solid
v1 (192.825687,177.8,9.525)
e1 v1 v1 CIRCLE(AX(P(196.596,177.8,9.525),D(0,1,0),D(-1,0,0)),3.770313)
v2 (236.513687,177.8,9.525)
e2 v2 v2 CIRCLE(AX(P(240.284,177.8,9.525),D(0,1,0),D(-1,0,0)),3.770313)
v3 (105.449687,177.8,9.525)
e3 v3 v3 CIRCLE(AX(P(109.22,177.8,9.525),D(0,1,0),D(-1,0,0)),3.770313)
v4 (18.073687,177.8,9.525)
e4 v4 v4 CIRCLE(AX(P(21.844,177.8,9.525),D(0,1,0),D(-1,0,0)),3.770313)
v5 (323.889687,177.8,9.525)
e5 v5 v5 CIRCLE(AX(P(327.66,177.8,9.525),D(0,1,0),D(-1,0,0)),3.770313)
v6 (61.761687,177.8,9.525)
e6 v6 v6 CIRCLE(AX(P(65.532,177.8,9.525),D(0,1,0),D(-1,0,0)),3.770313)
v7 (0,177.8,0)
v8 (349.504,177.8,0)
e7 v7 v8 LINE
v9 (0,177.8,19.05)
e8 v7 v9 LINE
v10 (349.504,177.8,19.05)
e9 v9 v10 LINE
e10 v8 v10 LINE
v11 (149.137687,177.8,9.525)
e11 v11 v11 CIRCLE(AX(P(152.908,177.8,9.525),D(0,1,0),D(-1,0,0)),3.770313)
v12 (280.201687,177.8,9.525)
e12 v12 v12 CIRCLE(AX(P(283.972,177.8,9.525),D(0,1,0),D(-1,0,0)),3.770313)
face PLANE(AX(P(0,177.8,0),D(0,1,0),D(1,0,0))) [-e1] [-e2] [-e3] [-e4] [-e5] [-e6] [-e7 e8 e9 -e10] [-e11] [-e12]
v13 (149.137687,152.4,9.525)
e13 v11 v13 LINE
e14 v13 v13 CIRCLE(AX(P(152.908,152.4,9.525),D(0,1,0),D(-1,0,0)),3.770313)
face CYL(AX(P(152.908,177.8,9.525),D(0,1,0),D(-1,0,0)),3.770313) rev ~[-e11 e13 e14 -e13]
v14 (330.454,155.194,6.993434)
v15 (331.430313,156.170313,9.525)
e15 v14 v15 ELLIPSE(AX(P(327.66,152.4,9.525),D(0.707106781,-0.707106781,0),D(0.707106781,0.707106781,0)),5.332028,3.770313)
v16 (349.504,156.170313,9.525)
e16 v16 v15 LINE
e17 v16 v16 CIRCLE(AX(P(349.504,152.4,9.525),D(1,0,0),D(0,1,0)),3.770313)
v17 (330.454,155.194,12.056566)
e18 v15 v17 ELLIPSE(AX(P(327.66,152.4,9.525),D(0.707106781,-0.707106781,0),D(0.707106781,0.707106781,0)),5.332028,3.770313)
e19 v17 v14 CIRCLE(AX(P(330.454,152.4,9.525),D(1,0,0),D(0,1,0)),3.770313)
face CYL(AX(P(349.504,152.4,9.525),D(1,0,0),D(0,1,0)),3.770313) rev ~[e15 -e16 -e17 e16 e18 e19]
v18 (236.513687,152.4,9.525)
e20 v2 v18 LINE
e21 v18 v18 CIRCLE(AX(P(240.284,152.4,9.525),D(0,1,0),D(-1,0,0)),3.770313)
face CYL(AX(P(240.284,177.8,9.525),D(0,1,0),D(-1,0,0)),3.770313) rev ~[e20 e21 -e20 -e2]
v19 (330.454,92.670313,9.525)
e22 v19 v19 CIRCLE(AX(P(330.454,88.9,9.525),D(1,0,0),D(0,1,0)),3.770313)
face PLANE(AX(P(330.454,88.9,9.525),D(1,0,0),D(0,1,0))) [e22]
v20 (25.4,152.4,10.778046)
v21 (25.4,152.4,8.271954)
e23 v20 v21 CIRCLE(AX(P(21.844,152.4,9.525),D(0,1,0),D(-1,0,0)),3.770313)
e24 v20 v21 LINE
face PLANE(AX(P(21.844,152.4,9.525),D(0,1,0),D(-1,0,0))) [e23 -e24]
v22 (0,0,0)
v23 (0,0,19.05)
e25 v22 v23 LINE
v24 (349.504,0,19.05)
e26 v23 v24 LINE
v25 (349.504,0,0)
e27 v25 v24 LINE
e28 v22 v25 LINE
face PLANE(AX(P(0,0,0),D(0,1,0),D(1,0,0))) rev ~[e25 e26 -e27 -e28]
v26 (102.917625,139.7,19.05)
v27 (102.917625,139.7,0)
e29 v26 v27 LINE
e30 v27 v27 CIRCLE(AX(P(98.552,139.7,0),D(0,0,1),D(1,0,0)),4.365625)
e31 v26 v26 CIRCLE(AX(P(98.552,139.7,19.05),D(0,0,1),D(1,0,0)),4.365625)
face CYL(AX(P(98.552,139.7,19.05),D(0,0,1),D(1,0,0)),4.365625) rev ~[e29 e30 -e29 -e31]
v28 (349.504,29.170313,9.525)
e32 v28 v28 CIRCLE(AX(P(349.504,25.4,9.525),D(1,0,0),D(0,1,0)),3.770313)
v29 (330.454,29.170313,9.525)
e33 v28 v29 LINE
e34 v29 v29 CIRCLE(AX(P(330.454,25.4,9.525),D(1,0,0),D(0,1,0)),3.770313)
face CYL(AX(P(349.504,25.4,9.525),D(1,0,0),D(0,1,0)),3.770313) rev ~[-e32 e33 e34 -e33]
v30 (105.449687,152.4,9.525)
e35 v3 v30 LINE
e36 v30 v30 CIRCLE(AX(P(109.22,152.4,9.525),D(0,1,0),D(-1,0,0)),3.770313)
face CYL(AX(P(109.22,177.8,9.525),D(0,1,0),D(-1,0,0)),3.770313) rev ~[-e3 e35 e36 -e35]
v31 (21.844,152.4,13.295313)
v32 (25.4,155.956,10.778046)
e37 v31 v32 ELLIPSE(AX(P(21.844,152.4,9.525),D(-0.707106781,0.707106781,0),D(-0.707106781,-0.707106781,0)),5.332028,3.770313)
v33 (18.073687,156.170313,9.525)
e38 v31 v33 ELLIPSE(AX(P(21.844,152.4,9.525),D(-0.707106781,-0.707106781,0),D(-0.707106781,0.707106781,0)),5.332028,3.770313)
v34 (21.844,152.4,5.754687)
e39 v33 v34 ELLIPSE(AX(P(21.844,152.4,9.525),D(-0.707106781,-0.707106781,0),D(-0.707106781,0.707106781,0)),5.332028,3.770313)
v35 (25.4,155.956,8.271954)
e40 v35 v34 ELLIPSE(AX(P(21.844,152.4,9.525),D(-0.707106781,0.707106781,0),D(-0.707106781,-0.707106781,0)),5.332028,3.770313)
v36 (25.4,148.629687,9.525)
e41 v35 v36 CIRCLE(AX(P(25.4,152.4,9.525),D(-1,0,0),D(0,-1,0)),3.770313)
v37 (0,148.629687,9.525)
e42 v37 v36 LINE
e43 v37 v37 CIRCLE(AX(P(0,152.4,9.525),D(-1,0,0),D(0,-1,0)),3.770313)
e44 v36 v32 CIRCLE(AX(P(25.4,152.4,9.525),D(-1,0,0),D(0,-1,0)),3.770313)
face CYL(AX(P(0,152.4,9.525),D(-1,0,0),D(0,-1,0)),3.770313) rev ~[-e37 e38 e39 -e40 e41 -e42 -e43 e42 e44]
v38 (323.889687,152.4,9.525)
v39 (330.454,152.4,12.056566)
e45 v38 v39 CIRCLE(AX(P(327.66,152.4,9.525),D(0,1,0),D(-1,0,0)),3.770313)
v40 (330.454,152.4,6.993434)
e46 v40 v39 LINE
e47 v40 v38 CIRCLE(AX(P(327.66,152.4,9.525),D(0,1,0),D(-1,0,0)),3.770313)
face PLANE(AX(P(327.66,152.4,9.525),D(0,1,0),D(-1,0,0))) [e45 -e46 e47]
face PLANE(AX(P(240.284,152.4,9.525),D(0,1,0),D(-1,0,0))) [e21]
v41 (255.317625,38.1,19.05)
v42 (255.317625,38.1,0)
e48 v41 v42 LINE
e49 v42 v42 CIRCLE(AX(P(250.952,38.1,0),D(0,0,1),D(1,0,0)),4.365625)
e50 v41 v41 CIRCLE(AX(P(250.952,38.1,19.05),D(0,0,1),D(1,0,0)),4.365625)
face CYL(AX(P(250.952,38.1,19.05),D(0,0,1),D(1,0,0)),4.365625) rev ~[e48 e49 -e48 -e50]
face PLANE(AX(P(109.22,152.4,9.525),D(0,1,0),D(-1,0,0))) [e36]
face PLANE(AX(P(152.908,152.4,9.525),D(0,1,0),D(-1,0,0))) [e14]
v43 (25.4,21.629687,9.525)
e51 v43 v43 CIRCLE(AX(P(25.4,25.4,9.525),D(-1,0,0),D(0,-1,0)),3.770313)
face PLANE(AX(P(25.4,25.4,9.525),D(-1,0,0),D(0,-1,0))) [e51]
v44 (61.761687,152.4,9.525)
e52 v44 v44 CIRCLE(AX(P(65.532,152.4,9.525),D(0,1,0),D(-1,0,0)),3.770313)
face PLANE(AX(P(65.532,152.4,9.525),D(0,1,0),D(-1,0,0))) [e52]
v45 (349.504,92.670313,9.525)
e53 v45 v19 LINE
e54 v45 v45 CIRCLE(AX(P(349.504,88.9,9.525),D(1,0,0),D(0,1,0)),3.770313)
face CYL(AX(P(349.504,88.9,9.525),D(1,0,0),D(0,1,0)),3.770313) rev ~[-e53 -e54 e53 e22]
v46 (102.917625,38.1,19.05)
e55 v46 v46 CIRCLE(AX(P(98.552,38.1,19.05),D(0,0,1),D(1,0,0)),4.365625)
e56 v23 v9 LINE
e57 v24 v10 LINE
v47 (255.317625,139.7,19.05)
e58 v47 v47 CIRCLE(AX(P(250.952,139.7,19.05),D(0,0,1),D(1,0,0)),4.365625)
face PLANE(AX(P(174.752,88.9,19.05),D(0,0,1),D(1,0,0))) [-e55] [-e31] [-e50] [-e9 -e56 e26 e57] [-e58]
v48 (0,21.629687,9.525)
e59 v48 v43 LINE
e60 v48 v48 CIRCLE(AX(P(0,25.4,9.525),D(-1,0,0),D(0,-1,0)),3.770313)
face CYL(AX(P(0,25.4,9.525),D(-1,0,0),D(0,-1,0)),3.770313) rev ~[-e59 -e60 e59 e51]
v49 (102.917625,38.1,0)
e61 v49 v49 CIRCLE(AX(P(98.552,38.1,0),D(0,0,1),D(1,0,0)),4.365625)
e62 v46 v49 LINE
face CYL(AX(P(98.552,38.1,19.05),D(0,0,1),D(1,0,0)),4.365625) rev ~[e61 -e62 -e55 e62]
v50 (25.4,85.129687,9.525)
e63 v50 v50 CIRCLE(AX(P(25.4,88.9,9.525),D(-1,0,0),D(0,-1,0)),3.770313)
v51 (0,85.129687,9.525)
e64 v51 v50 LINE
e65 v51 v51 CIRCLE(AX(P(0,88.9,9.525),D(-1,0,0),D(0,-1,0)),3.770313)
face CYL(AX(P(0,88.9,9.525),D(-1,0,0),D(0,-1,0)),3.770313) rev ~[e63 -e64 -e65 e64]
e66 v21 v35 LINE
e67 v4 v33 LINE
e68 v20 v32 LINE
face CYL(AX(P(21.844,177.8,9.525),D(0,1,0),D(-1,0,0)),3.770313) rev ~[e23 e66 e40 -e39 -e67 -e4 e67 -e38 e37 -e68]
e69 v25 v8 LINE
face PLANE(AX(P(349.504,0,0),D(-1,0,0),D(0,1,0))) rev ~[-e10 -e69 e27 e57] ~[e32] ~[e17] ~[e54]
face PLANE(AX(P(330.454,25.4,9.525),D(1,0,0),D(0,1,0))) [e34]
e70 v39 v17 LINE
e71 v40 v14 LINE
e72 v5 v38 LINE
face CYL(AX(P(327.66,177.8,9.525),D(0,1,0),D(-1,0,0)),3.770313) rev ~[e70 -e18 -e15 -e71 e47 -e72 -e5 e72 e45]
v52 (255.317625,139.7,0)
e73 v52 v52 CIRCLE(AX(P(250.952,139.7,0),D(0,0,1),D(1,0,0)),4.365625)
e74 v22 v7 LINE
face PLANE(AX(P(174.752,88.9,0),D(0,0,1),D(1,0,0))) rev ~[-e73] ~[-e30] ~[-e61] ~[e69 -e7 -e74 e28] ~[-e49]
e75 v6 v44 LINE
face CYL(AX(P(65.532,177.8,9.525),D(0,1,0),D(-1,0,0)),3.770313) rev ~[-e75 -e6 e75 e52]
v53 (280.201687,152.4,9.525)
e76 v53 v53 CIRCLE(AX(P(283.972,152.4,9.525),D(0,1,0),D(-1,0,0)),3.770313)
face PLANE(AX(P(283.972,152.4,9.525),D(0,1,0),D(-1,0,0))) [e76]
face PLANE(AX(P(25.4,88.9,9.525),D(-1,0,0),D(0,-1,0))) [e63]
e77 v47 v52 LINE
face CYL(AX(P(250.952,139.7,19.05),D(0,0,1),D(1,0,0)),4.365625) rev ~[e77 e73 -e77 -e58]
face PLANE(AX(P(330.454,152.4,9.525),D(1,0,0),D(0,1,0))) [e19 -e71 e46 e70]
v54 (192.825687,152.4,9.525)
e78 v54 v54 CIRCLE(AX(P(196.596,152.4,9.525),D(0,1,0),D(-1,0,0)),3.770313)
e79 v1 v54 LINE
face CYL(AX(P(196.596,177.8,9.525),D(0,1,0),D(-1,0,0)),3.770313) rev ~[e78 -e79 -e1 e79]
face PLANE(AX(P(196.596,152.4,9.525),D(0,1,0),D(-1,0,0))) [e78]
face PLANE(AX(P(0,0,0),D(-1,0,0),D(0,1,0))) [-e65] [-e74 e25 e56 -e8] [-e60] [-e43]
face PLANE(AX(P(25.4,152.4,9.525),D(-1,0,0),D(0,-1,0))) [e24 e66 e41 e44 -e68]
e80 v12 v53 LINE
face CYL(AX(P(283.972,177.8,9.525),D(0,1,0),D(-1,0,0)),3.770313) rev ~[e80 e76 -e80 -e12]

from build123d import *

# Parameters (mm, degrees)
F0_W     = 349.504
F0_H     = 177.8
F1_DEPTH = 19.05
F2_R     = 3.770313
F3_DEPTH = 19.05
F4_R     = 3.770313
F5_DEPTH = 25.4
F6_R     = 4.365625
F7_DEPTH = 25.4
F8_R     = 3.770313
F9_DEPTH = 25.4


with BuildPart() as f1:
    # F0 (on Top) → F1 (new body)
    with BuildSketch(Plane.XY):
        with Locations((174.752, 88.9)):
            Rectangle(F0_W, F0_H)
    extrude(amount=F1_DEPTH)

    # F2 (on face) → F3 (cut)
    with BuildSketch(Plane.YZ.offset(349.504)):
        with Locations((88.9, 9.525)):
            Circle(F2_R)
        with Locations((25.4, 9.525)):
            Circle(F2_R)
        with Locations((152.4, 9.525)):
            Circle(F2_R)
    extrude(amount=-F3_DEPTH, mode=Mode.SUBTRACT)

    # F4 (on face) → F5 (cut)
    with BuildSketch(Plane(origin=(0, 0, 0), x_dir=(0, -1, 0), z_dir=(-1, 0, 0))):
        with Locations((-88.9, 9.525)):
            Circle(F4_R)
        with Locations((-25.4, 9.525)):
            Circle(F4_R)
        with Locations((-152.4, 9.525)):
            Circle(F4_R)
    extrude(amount=-F5_DEPTH, mode=Mode.SUBTRACT)

    # F6 (on face) → F7 (cut)
    with BuildSketch(Plane.XY.offset(19.05)):
        with Locations((98.552, 139.7)):
            Circle(F6_R)
        with Locations((98.552, 38.1)):
            Circle(F6_R)
        with Locations((250.952, 139.7)):
            Circle(F6_R)
        with Locations((250.952, 38.1)):
            Circle(F6_R)
    extrude(amount=-F7_DEPTH, mode=Mode.SUBTRACT)

    # F8 (on face) → F9 (cut)
    with BuildSketch(Plane(origin=(0, 177.8, 0), x_dir=(-1, 0, 0), z_dir=(0, 1, 0))):
        with Locations((-21.844, 9.525)):
            Circle(F8_R)
        with Locations((-65.532, 9.525)):
            Circle(F8_R)
        with Locations((-109.22, 9.525)):
            Circle(F8_R)
        with Locations((-152.908, 9.525)):
            Circle(F8_R)
        with Locations((-196.596, 9.525)):
            Circle(F8_R)
        with Locations((-240.284, 9.525)):
            Circle(F8_R)
        with Locations((-283.972, 9.525)):
            Circle(F8_R)
        with Locations((-327.66, 9.525)):
            Circle(F8_R)
    extrude(amount=-F9_DEPTH, mode=Mode.SUBTRACT)


solid = f1.part
